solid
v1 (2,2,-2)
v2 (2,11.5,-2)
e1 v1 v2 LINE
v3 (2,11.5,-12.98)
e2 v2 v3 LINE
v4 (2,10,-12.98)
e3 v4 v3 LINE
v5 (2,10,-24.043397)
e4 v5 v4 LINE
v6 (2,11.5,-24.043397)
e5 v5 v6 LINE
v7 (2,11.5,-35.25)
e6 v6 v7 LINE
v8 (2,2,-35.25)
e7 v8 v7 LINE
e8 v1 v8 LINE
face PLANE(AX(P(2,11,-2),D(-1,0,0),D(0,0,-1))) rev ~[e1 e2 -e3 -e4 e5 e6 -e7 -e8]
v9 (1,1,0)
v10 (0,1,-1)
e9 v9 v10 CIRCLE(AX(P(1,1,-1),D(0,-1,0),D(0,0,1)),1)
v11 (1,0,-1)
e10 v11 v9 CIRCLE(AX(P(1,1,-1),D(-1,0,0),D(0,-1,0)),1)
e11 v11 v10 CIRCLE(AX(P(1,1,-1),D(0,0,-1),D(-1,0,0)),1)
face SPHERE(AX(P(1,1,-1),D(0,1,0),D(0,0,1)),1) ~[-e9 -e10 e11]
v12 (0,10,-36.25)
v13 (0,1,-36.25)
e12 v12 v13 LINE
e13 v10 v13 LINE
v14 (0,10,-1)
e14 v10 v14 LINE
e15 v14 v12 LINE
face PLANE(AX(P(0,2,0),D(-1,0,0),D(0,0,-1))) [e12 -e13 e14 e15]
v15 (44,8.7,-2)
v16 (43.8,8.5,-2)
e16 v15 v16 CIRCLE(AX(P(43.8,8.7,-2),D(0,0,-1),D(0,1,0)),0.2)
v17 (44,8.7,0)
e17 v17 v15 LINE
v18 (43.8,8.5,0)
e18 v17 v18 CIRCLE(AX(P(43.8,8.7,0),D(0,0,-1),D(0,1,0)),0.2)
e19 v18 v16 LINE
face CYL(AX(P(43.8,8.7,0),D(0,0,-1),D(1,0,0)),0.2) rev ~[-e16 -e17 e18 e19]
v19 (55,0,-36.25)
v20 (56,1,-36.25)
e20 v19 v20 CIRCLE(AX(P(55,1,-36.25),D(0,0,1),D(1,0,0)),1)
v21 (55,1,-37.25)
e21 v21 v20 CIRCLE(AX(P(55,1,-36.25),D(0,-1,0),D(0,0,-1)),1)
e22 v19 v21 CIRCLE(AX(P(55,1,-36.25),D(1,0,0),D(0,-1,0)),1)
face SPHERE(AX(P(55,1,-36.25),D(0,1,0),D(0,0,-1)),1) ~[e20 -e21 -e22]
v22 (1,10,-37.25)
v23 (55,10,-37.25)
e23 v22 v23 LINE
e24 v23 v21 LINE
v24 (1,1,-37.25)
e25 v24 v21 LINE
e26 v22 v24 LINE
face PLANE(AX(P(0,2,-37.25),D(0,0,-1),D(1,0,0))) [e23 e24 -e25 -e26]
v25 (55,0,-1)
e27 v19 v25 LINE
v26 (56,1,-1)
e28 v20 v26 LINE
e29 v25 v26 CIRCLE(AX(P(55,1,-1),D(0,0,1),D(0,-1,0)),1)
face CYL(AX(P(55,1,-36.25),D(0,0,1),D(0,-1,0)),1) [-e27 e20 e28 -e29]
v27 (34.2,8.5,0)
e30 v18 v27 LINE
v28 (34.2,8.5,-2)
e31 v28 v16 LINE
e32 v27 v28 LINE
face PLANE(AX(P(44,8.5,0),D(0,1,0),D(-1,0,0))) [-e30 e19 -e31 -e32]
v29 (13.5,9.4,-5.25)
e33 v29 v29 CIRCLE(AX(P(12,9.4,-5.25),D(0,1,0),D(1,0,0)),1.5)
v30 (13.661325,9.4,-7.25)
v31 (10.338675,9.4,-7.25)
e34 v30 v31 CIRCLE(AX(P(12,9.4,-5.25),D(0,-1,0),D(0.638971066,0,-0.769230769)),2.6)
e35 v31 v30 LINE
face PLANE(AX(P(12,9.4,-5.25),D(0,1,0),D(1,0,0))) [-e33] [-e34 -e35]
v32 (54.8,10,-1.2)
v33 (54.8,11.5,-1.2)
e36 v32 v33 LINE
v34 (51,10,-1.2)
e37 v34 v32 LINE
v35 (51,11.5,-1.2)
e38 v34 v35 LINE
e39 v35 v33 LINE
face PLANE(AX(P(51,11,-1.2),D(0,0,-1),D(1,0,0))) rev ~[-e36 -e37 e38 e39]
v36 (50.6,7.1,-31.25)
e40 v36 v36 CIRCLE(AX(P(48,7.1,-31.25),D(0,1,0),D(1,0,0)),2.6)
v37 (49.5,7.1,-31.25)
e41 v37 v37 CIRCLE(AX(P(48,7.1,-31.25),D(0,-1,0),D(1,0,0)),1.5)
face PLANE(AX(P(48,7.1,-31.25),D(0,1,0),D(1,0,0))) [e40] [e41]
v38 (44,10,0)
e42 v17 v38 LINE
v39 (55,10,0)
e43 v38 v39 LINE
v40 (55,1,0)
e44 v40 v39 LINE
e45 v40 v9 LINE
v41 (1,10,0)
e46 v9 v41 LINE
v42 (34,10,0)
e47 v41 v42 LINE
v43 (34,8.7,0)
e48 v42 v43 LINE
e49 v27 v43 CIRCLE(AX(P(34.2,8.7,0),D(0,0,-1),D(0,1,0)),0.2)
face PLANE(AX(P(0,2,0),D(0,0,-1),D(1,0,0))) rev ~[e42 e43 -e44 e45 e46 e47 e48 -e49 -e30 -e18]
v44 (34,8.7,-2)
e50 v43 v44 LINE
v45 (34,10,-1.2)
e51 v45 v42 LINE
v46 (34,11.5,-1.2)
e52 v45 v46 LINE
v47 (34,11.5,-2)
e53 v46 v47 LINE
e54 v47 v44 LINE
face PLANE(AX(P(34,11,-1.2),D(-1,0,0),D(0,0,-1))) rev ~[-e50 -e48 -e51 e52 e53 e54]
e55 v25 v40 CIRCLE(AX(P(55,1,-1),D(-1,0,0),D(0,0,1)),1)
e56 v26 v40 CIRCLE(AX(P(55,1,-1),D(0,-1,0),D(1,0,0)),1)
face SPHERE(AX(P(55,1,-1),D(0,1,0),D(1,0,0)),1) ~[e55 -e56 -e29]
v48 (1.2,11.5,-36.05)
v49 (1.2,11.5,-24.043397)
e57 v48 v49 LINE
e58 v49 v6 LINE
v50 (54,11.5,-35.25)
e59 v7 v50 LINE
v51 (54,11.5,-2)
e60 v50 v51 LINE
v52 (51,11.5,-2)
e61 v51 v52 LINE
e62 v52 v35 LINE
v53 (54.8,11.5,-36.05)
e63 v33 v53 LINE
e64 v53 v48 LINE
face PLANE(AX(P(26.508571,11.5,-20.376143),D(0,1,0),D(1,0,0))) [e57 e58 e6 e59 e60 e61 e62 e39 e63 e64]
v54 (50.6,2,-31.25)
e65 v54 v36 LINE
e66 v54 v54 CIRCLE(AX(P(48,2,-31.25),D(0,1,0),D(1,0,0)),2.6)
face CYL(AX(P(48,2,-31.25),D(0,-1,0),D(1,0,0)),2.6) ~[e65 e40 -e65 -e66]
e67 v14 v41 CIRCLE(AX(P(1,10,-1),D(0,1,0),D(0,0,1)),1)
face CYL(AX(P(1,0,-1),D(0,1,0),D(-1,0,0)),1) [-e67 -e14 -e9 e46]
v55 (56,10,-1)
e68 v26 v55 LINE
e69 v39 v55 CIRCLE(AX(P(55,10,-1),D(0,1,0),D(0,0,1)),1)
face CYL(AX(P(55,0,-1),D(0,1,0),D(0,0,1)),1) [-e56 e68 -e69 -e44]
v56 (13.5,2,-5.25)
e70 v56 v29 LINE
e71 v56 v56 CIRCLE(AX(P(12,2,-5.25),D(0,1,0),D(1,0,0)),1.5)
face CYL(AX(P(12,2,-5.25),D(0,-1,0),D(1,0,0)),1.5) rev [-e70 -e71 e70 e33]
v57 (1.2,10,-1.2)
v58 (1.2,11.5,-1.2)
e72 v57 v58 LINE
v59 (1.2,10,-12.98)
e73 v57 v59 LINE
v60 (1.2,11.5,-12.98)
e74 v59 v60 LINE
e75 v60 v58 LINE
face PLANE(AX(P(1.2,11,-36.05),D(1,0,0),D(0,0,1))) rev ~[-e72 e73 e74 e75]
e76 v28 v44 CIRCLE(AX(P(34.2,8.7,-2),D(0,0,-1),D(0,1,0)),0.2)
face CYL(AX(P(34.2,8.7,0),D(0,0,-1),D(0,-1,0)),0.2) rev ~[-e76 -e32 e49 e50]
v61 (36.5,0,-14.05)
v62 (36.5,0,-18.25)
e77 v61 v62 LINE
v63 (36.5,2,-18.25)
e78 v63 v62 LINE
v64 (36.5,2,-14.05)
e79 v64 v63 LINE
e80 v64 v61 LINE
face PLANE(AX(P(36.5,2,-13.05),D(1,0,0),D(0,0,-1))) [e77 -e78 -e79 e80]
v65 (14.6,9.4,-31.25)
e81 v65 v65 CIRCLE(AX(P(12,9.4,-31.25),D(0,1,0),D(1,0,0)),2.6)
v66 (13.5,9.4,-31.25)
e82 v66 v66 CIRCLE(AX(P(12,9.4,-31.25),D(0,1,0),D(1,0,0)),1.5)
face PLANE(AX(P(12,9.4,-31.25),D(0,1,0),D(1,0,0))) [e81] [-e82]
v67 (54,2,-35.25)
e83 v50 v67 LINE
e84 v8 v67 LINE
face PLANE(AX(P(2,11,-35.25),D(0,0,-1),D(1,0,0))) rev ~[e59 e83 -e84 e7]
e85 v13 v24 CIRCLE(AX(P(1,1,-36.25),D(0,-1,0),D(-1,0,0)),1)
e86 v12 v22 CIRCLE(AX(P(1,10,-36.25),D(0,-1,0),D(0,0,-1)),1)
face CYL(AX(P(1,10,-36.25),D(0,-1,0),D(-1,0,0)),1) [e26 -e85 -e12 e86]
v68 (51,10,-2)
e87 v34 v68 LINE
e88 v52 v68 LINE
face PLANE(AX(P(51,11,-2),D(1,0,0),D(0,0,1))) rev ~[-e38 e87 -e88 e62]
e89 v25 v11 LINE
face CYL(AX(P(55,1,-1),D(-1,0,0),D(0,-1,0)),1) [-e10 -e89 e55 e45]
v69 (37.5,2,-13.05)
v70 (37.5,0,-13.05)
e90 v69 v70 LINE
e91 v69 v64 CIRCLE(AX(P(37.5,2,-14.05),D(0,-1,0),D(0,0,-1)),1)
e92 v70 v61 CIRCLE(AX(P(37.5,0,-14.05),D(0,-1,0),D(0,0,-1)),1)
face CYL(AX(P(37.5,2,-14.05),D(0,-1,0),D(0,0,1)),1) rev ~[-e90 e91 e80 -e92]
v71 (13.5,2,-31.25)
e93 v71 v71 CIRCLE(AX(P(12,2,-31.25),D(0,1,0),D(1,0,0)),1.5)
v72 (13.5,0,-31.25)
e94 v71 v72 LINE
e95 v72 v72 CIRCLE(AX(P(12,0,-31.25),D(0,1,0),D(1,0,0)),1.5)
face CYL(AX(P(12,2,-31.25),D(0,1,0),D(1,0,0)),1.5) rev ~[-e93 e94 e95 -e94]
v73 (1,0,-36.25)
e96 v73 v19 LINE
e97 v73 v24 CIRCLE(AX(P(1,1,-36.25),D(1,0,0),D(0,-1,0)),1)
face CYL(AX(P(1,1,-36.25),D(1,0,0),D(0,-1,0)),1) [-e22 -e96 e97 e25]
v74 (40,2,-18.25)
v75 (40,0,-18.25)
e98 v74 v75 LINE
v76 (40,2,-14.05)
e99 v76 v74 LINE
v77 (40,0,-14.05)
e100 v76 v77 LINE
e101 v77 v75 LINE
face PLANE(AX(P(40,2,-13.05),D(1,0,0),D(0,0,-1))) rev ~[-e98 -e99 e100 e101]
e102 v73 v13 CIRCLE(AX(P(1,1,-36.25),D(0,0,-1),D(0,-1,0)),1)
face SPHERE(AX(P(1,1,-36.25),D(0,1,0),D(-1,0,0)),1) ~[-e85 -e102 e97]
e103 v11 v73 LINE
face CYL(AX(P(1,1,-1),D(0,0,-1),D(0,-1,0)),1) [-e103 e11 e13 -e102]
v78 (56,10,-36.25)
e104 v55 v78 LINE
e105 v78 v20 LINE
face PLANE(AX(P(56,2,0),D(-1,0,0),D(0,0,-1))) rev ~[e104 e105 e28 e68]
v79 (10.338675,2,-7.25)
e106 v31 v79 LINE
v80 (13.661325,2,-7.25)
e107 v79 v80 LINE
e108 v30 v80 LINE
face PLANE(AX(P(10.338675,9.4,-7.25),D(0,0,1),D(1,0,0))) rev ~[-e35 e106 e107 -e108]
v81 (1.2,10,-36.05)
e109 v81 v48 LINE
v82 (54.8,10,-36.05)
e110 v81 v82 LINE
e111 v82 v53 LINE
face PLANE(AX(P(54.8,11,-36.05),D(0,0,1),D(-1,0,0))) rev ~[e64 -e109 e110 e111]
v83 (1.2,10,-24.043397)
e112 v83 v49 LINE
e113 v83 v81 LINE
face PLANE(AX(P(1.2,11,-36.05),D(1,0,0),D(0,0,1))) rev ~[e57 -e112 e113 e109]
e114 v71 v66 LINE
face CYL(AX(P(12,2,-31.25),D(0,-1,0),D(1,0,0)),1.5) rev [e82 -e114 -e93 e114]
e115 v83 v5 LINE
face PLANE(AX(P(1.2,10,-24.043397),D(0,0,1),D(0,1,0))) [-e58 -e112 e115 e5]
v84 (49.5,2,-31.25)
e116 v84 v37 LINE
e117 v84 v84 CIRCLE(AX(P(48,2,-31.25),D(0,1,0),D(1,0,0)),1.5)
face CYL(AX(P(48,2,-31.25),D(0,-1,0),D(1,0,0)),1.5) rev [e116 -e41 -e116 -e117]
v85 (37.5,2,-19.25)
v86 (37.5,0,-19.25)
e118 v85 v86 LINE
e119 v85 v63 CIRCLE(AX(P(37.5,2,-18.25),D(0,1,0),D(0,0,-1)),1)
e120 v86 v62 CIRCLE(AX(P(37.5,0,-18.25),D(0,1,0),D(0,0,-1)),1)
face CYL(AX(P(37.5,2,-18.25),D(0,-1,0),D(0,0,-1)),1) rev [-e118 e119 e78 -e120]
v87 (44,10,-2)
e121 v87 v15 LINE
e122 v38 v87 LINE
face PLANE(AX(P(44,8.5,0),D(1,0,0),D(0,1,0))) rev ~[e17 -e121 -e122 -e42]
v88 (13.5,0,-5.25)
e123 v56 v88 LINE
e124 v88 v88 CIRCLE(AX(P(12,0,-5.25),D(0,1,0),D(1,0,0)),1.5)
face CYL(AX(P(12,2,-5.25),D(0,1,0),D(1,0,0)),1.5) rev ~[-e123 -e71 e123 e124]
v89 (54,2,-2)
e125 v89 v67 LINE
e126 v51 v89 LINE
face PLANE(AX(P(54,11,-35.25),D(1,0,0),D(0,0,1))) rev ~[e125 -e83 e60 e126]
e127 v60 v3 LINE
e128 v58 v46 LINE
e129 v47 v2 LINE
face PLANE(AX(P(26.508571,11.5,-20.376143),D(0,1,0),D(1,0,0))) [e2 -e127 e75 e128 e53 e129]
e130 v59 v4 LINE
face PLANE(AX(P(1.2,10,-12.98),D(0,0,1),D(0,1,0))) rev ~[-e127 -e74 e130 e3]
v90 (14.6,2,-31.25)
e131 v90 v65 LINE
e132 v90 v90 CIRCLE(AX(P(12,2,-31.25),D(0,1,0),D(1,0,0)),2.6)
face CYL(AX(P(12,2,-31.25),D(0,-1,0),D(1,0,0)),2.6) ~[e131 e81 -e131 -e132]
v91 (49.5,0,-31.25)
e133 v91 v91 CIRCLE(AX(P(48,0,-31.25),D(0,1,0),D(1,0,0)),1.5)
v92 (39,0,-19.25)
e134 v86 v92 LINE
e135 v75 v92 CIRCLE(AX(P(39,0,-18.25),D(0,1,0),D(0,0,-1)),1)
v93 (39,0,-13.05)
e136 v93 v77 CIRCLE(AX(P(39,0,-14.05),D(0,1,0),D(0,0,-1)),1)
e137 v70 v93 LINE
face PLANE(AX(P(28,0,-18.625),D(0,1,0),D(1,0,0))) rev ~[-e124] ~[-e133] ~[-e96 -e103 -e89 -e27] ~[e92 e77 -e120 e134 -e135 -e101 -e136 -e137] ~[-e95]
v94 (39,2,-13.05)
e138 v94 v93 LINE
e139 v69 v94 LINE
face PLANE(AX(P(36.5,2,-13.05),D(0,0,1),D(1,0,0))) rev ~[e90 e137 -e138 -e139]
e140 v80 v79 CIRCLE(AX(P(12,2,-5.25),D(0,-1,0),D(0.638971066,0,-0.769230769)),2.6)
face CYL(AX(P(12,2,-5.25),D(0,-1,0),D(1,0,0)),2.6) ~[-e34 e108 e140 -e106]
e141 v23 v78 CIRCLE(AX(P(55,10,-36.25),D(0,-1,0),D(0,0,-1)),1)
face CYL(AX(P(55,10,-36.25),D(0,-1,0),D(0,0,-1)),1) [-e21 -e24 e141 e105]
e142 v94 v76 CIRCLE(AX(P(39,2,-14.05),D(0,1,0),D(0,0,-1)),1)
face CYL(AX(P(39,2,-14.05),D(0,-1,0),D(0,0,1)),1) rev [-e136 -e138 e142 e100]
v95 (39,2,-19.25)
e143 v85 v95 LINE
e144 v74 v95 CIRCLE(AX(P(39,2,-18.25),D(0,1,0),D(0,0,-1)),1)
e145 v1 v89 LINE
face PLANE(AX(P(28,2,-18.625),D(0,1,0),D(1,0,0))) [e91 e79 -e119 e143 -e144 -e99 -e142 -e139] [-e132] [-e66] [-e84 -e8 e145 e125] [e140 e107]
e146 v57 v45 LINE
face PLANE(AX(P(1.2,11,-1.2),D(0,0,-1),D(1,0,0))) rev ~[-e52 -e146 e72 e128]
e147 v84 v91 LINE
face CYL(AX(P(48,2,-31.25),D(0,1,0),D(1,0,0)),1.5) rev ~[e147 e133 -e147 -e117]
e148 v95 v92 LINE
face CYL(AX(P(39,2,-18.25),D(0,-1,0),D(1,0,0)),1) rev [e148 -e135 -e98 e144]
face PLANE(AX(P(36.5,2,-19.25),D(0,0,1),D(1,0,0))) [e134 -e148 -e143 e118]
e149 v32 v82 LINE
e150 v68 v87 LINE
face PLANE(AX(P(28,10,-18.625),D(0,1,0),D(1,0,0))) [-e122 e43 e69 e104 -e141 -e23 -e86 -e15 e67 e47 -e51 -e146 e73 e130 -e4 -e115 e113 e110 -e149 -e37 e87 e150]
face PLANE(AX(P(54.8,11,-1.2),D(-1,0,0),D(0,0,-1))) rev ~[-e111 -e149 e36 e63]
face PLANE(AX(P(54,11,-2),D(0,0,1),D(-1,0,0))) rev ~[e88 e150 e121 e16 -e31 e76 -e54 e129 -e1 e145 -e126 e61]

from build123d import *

# Parameters (mm, degrees)
SKETCH1_W           = 56
SKETCH1_H           = 37.25
BOSS_EXTRUDE1_DEPTH = 2
SKETCH2_W           = 56
SKETCH2_H           = 37.25
SKETCH2_W_2         = 52
SKETCH2_H_2         = 33.25
BOSS_EXTRUDE2_DEPTH = 9
SKETCH3_R           = 2.6
SKETCH3_R_2         = 1.5
BOSS_EXTRUDE3_DEPTH = 7.4
SKETCH5_W           = 56
SKETCH5_H           = 37.25
SKETCH5_W_2         = 53.6
SKETCH5_H_2         = 34.85
CUT_EXTRUDE1_DEPTH  = 1
FILLET1_R           = 1
SKETCH7_R           = 1.5
CUT_EXTRUDE2_DEPTH  = 10
CUT_EXTRUDE3_DEPTH  = 3
FILLET2_R           = 1
CUT_EXTRUDE4_DEPTH  = 7.4
SKETCH10_W          = 3.5
SKETCH10_H          = 6.2
CUT_EXTRUDE5_DEPTH  = 10
FILLET3_R           = 1
SKETCH11_W          = 7
SKETCH11_H          = 1
CUT_EXTRUDE6_DEPTH  = 10
FILLET4_R           = 0.2
BOSS_EXTRUDE6_DEPTH = 0.5
SKETCH13_W          = 11.063396545
SKETCH13_H          = 1.5
CUT_EXTRUDE9_DEPTH  = 2
SKETCH14_R          = 2.6
CUT_EXTRUDE10_DEPTH = 2.3


with BuildPart() as part:
    # Sketch1 → Boss-Extrude1 (new body)
    with BuildSketch(Plane(origin=(0, 0, 0), x_dir=(1, 0, 0), z_dir=(0, 1, 0))):
        with Locations((28, 18.625)):
            Rectangle(SKETCH1_W, SKETCH1_H)
    extrude(amount=BOSS_EXTRUDE1_DEPTH)

    # Sketch2 → Boss-Extrude2 (add)
    with BuildSketch(Plane(origin=(0, 2, 0), x_dir=(1, 0, 0), z_dir=(0, 1, 0))):
        with Locations((28, 18.625)):
            Rectangle(SKETCH2_W, SKETCH2_H)
        with Locations((28, 18.625)):
            Rectangle(SKETCH2_W_2, SKETCH2_H_2, mode=Mode.SUBTRACT)
    extrude(amount=BOSS_EXTRUDE2_DEPTH)

    # Sketch3 → Boss-Extrude3 (add)
    with BuildSketch(Plane(origin=(0, 2, 0), x_dir=(1, 0, 0), z_dir=(0, 1, 0))):
        with Locations((12, 5.25)):
            Circle(SKETCH3_R)
        with Locations((12, 5.25)):
            Circle(SKETCH3_R_2, mode=Mode.SUBTRACT)
        with Locations((12, 31.25)):
            Circle(SKETCH3_R)
        with Locations((12, 31.25)):
            Circle(SKETCH3_R_2, mode=Mode.SUBTRACT)
        with Locations((48, 31.25)):
            Circle(SKETCH3_R)
        with Locations((48, 31.25)):
            Circle(SKETCH3_R_2, mode=Mode.SUBTRACT)
    extrude(amount=BOSS_EXTRUDE3_DEPTH)

    # Sketch5 → Cut-Extrude1 (cut)
    with BuildSketch(Plane(origin=(0, 11, 0), x_dir=(1, 0, 0), z_dir=(0, 1, 0))):
        with Locations((28, 18.625)):
            Rectangle(SKETCH5_W, SKETCH5_H)
        with Locations((28, 18.625)):
            Rectangle(SKETCH5_W_2, SKETCH5_H_2, mode=Mode.SUBTRACT)
    extrude(amount=-CUT_EXTRUDE1_DEPTH, mode=Mode.SUBTRACT)

    # Fillet1
    fillet1_edges = [part.edges().sort_by_distance(p)[0] for p in [
        (0, 5, -37.25),
        (56, 5, -37.25),
        (56, 5, 0),
        (0, 5, 0),
    ]]
    fillet(fillet1_edges, radius=FILLET1_R)

    # Sketch7 → Cut-Extrude2 (cut)
    with BuildSketch(Plane(origin=(0, 2, 0), x_dir=(1, 0, 0), z_dir=(0, 1, 0))):
        with Locations((12, 5.25)):
            Circle(SKETCH7_R)
        with Locations((48, 31.25)):
            Circle(SKETCH7_R)
        with Locations((12, 31.25)):
            Circle(SKETCH7_R)
    extrude(amount=-CUT_EXTRUDE2_DEPTH, mode=Mode.SUBTRACT)

    # Sketch8 → Cut-Extrude3 (cut)
    with BuildSketch(Plane.XY):
        Polygon((44, 10), (44, 8.5), (34, 8.5), (34, 10), (34, 11), (44, 11), align=None)
    extrude(amount=-CUT_EXTRUDE3_DEPTH, mode=Mode.SUBTRACT)

    # Fillet2
    fillet2_edges = [part.edges().sort_by_distance(p)[0] for p in [
        (28, 0, -37.25),
        (0, 0, -18.625),
        (56, 0, -18.625),
        (28, 0, 0),
        (0.292893219, 0, -0.292893219),
        (0.292893219, 0, -36.957106781),
        (55.707106781, 0, -0.292893219),
        (55.707106781, 0, -36.957106781),
    ]]
    fillet(fillet2_edges, radius=FILLET2_R)

    # Sketch9 → Cut-Extrude4 (cut)
    with BuildSketch(Plane(origin=(0, 9.4, 0), x_dir=(1, 0, 0), z_dir=(0, 1, 0))):
        with BuildLine():
            Line((12, 7.25), (13.661324773, 7.25))
            ThreePointArc((13.661324773, 7.25), (12, 7.85), (10.338675227, 7.25))
            Line((10.338675227, 7.25), (12, 7.25))
        make_face()
    extrude(amount=-CUT_EXTRUDE4_DEPTH, mode=Mode.SUBTRACT)

    # Sketch10 → Cut-Extrude5 (cut)
    with BuildSketch(Plane(origin=(0, 2, 0), x_dir=(1, 0, 0), z_dir=(0, 1, 0))):
        with Locations((38.25, 16.15)):
            Rectangle(SKETCH10_W, SKETCH10_H)
    extrude(amount=-CUT_EXTRUDE5_DEPTH, mode=Mode.SUBTRACT)

    # Fillet3
    fillet3_edges = [part.edges().sort_by_distance(p)[0] for p in [
        (36.5, 1, -13.05),
        (36.5, 1, -19.25),
        (40, 1, -19.25),
        (40, 1, -13.05),
    ]]
    fillet(fillet3_edges, radius=FILLET3_R)

    # Sketch11 → Cut-Extrude6 (cut)
    with BuildSketch(Plane.XY.offset(-1.2)):
        with Locations((47.5, 10.5)):
            Rectangle(SKETCH11_W, SKETCH11_H)
    extrude(amount=-CUT_EXTRUDE6_DEPTH, mode=Mode.SUBTRACT)

    # Fillet4
    fillet4_edges = [part.edges().sort_by_distance(p)[0] for p in [
        (44, 8.5, -1),
        (34, 8.5, -1),
    ]]
    fillet(fillet4_edges, radius=FILLET4_R)

    # Sketch12 → Boss-Extrude6 (add)
    with BuildSketch(Plane(origin=(0, 11, 0), x_dir=(1, 0, 0), z_dir=(0, 1, 0))):
        Polygon((51, 2), (51, 1.2), (54.8, 1.2), (54.8, 36.05), (1.2, 36.05), (1.2, 1.2), (34, 1.2), (34, 2), (2, 2), (2, 35.25), (54, 35.25), (54, 2), align=None)
    extrude(amount=BOSS_EXTRUDE6_DEPTH)

    # Sketch13 → Cut-Extrude9 (cut)
    with BuildSketch(Plane.ZY.offset(-1.2)):
        with Locations((-18.511698272, 10.75)):
            Rectangle(SKETCH13_W, SKETCH13_H)
    extrude(amount=-CUT_EXTRUDE9_DEPTH, mode=Mode.SUBTRACT)

    # Sketch14 → Cut-Extrude10 (cut)
    with BuildSketch(Plane(origin=(0, 9.4, 0), x_dir=(1, 0, 0), z_dir=(0, 1, 0))):
        with Locations((48, 31.25)):
            Circle(SKETCH14_R)
    extrude(amount=-CUT_EXTRUDE10_DEPTH, mode=Mode.SUBTRACT)


solid = part.part
